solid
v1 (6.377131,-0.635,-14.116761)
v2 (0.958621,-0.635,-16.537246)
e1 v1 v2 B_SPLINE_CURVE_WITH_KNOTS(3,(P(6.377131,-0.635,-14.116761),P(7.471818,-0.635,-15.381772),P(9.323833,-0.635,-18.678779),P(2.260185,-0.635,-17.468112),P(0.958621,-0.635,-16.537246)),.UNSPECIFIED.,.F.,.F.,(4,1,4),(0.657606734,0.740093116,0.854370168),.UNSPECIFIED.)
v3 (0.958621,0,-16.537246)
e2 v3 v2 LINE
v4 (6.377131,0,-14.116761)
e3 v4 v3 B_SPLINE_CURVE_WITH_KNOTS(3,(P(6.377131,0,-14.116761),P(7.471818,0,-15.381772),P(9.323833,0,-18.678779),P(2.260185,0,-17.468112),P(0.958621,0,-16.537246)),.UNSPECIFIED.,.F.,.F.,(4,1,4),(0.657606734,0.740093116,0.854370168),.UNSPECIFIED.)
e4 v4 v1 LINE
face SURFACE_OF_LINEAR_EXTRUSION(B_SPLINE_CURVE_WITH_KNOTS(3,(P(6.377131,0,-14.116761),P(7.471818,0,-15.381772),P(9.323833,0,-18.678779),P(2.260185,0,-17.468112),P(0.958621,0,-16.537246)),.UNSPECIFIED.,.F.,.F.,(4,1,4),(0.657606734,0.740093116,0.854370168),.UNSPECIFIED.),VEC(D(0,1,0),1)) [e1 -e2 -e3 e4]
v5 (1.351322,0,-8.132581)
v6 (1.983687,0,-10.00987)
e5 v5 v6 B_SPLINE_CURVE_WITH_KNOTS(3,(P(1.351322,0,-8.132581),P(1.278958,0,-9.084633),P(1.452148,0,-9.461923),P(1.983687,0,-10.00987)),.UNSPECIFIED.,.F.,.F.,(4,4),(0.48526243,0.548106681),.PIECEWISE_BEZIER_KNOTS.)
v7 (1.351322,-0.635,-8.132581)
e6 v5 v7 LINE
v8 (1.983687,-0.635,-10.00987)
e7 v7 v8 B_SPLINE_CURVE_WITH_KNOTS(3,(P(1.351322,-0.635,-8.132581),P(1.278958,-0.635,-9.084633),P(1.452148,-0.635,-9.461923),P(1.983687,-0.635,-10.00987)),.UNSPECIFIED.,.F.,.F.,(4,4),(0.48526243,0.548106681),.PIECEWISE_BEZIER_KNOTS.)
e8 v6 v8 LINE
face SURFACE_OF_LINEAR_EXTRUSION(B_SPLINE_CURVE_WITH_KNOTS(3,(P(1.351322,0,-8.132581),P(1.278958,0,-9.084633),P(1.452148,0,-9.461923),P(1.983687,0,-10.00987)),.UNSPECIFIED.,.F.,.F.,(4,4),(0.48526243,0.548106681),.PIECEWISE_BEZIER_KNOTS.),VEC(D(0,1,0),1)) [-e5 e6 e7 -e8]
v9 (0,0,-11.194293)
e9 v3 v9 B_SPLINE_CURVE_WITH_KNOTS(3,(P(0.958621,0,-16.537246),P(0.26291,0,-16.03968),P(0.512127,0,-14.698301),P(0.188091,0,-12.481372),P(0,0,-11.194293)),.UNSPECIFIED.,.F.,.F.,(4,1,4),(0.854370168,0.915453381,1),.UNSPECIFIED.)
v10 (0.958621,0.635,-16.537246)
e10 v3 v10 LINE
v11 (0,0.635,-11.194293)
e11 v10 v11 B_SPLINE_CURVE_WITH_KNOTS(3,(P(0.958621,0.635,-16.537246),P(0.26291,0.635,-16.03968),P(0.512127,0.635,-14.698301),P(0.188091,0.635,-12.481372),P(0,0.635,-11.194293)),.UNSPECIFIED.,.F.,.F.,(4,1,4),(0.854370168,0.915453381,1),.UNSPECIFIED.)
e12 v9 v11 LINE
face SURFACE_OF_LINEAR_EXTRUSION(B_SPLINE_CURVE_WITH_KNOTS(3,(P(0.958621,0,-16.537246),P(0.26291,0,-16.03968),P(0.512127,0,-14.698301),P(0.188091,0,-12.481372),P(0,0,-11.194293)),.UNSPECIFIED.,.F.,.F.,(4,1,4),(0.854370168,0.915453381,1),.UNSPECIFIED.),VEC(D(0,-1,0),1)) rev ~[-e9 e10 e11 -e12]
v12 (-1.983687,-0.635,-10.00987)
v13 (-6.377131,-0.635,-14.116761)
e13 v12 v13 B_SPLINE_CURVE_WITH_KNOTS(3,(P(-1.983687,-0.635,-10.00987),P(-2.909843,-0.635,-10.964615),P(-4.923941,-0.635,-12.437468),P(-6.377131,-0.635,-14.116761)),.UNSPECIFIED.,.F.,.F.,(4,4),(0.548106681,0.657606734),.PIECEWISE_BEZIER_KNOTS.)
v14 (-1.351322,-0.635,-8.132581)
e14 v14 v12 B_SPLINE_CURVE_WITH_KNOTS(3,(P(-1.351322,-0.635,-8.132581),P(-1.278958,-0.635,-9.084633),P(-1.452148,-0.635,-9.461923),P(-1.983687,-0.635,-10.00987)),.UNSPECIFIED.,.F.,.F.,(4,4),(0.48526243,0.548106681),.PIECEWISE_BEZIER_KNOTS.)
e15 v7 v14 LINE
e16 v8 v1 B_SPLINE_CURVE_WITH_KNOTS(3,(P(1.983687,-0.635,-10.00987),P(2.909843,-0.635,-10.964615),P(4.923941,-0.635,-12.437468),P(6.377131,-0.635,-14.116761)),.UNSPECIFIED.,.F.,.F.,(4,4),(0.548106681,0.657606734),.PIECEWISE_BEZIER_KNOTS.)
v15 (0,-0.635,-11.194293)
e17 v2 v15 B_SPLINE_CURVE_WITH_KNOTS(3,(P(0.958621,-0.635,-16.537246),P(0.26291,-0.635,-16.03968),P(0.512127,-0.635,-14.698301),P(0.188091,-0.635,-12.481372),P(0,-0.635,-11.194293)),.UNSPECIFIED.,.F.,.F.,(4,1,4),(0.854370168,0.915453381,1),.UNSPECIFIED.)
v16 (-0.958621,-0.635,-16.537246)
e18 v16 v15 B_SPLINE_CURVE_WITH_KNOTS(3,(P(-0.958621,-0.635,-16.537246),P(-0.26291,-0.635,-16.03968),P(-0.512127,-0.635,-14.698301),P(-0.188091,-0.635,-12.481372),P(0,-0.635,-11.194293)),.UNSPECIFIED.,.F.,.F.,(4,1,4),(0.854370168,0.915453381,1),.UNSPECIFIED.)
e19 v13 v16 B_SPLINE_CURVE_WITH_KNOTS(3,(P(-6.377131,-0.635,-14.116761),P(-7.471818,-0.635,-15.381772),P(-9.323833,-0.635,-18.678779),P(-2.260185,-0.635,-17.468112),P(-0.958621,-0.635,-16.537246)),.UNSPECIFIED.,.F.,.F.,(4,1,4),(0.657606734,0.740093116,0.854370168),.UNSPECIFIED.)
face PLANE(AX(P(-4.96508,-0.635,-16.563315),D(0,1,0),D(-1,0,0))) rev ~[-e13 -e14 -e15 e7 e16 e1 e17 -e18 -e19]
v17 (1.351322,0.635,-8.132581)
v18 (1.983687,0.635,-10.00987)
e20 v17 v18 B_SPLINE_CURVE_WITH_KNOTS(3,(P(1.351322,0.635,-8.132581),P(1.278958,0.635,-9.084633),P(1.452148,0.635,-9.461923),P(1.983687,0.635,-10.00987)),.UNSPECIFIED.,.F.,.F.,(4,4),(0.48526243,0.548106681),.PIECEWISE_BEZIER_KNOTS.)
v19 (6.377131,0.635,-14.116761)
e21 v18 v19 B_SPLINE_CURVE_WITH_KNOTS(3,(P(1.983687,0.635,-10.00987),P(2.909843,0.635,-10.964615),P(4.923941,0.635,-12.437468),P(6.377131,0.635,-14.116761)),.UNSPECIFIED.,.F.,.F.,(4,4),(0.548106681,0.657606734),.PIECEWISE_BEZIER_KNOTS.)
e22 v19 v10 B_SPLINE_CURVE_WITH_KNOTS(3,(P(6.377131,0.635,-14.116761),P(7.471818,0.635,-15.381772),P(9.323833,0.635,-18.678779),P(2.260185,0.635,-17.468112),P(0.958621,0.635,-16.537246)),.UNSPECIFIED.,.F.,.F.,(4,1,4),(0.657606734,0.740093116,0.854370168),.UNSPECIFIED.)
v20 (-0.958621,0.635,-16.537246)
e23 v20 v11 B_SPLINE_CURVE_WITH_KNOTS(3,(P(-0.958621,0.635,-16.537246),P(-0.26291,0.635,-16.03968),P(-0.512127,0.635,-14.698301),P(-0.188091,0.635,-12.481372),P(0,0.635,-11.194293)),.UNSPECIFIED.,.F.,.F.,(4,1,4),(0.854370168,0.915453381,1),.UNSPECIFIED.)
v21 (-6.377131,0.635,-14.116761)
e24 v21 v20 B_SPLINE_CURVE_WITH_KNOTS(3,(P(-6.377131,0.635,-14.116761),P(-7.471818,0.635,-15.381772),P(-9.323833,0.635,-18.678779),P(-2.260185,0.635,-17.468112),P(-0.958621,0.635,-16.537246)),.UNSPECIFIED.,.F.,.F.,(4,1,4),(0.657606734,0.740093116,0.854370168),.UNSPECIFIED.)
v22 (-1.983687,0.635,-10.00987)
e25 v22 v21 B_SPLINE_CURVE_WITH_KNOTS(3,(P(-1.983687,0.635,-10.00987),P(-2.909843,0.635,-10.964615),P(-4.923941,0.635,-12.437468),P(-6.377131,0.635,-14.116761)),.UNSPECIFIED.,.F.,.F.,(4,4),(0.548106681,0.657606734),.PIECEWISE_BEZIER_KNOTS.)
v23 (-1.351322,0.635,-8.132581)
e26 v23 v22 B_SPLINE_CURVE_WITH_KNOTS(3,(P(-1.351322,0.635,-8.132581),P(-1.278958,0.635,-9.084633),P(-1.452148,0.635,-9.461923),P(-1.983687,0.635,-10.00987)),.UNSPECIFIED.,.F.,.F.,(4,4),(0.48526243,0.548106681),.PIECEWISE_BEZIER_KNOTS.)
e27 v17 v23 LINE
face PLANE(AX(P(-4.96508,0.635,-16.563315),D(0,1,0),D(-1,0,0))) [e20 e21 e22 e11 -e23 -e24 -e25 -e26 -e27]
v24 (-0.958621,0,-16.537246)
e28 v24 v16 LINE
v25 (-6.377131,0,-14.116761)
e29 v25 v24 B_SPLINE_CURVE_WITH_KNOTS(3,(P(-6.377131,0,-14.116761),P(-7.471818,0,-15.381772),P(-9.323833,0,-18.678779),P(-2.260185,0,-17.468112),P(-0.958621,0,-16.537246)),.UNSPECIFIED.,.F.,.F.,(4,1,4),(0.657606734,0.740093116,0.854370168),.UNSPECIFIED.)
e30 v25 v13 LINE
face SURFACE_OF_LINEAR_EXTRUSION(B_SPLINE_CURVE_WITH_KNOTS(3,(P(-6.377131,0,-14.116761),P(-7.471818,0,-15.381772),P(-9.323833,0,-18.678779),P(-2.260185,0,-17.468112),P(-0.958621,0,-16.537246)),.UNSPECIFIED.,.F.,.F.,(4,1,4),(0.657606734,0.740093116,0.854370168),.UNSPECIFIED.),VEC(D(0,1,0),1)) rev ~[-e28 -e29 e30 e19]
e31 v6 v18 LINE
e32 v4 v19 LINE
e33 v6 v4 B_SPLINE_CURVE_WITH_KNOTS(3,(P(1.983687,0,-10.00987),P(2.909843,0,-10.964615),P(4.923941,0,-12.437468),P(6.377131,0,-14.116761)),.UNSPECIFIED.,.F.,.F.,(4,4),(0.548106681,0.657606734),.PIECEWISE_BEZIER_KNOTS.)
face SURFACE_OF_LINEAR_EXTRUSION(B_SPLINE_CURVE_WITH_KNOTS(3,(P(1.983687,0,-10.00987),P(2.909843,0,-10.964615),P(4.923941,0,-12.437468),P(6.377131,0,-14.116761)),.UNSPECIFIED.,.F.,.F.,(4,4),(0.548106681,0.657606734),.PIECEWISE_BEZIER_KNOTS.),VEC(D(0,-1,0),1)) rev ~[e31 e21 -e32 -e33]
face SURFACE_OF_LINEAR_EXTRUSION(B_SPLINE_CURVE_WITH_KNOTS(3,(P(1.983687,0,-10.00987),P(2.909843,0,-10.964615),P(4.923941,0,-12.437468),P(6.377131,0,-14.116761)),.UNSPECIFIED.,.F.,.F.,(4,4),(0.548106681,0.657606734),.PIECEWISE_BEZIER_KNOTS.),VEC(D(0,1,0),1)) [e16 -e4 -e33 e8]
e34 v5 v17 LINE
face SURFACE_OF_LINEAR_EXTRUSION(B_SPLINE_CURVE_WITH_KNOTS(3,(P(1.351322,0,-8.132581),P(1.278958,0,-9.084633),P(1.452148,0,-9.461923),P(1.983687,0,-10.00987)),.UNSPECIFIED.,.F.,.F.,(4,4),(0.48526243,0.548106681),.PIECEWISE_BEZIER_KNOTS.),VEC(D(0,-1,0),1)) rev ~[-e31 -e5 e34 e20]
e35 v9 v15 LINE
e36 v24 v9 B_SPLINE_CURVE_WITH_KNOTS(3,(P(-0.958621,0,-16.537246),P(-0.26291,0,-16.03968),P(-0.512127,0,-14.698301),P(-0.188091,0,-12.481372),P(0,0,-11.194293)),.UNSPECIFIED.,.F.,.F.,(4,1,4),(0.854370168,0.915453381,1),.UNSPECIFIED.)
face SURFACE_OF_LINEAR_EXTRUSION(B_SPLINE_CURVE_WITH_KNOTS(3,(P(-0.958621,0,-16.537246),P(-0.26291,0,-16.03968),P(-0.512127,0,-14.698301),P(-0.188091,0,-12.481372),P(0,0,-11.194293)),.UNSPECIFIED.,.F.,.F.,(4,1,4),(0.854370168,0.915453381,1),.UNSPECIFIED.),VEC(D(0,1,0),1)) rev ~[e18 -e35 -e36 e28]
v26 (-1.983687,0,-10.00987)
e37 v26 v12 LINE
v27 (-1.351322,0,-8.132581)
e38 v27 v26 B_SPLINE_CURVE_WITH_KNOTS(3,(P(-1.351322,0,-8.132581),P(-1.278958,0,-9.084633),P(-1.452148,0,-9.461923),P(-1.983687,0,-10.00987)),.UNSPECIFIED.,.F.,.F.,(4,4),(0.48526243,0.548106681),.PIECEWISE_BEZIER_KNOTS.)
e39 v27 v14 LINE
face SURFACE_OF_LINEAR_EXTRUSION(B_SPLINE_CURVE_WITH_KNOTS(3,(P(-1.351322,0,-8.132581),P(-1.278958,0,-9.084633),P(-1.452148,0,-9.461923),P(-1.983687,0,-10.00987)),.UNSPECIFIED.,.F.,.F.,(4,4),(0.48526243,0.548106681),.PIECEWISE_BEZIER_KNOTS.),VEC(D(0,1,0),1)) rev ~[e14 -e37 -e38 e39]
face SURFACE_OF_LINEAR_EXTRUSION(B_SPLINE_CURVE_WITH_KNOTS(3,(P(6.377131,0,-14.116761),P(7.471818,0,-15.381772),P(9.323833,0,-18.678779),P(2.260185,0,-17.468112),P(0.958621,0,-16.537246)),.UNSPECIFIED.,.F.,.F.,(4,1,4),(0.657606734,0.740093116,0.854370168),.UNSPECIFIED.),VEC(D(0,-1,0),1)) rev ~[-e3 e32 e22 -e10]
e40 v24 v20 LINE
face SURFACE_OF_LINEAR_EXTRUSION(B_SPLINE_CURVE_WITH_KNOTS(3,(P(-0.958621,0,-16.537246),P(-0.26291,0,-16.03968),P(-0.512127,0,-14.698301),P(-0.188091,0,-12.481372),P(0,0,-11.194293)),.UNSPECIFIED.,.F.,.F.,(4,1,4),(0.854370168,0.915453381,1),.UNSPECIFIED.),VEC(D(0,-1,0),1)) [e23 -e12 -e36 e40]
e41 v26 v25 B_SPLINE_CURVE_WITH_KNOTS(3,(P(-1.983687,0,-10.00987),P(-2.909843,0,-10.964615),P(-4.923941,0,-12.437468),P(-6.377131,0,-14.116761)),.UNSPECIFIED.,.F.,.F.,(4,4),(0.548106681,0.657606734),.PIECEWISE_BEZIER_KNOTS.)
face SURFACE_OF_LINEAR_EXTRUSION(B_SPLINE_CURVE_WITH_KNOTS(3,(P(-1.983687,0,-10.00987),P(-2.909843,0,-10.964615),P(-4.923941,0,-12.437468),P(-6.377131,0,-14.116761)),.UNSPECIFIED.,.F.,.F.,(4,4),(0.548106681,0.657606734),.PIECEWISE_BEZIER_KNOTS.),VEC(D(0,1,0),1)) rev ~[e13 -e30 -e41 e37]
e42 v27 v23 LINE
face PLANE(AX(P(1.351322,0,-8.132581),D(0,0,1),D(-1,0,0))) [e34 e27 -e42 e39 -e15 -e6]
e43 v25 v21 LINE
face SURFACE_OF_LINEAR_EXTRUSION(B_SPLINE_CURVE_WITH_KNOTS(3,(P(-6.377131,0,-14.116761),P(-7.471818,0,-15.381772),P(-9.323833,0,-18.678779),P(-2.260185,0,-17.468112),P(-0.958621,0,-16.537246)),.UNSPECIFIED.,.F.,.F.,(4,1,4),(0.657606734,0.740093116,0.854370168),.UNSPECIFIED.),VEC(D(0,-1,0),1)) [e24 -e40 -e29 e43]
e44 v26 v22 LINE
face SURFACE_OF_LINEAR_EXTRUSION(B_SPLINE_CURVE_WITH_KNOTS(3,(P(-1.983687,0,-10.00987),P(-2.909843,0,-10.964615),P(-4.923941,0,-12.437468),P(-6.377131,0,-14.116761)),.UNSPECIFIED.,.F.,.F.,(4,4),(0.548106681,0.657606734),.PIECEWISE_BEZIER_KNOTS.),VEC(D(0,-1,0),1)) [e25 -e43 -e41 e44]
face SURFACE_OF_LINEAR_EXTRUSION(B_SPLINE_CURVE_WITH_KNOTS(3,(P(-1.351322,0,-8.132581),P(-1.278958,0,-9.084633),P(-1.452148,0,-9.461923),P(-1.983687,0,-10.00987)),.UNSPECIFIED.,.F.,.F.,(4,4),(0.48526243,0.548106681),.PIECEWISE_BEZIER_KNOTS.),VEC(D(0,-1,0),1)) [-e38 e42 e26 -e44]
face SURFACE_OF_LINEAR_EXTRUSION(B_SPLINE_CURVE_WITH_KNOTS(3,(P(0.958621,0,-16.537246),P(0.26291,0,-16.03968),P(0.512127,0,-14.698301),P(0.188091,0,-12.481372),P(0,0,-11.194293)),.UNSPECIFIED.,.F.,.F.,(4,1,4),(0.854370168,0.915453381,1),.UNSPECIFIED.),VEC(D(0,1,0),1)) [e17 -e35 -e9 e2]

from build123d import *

# Parameters (mm, degrees)
F1_DEPTH      = 0.635
F1_DEPTH_BACK = 0.635


with BuildPart() as f1:
    # F0 (on Front) → F1 (new body, two sides)
    with BuildSketch(Plane.XZ) as f1_sk:
        with BuildLine():
            add(Edge.make_bspline(
                [(-6.3771307468, -14.1167607618), (-6.617399322, -15.0762999554), (-7.2185898962, -17.4772206472), (-3.3069535494, -16.8898635702), (-0.9586205706, -16.5372457815)],
                knots=[0, 0, 0, 0, 0.3996545462, 1, 1, 1, 1], degree=3))
            add(Edge.make_bspline(
                [(-6.3771307468, -14.1167607618), (-7.4718183739, -15.3817720297), (-9.3238332028, -18.6787786385), (-2.2601852255, -17.4681122254), (-0.9586205706, -16.5372457815)],
                knots=[0.6576067341, 0.6576067341, 0.6576067341, 0.6576067341, 0.7400931164, 0.8543701677, 0.8543701677, 0.8543701677, 0.8543701677], degree=3))
        make_face()
        with BuildLine():
            Line((0, -10.0098703516), (-1.9836870488, -10.0098703516))
            add(Edge.make_bspline(
                [(-1.9836870488, -10.0098703516), (-2.9098434501, -10.9646150261), (-4.9239411483, -12.43746781), (-6.3771307468, -14.1167607618)],
                knots=[0.5481066814, 0.5481066814, 0.5481066814, 0.5481066814, 0.6576067341, 0.6576067341, 0.6576067341, 0.6576067341], degree=3))
            add(Edge.make_bspline(
                [(-6.3771307468, -14.1167607618), (-6.617399322, -15.0762999554), (-7.2185898962, -17.4772206472), (-3.3069535494, -16.8898635702), (-0.9586205706, -16.5372457815)],
                knots=[0, 0, 0, 0, 0.3996545462, 1, 1, 1, 1], degree=3))
            add(Edge.make_bspline(
                [(-0.9586205706, -16.5372457815), (-0.2629100029, -16.039680317), (-0.5121268303, -14.6983006629), (-0.188091169, -12.4813717857), (0, -11.1942928744)],
                knots=[0.8543701677, 0.8543701677, 0.8543701677, 0.8543701677, 0.9154533815, 1, 1, 1, 1], degree=3))
            Line((0, -11.1942928744), (0, -10.0098703516))
        make_face()
        with BuildLine():
            Line((0, -8.1325810862), (-1.3513215818, -8.1325810862))
            add(Edge.make_bspline(
                [(-1.3513215818, -8.1325810862), (-1.278958424, -9.0846330536), (-1.452147523, -9.4619234488), (-1.9836870488, -10.0098703516)],
                knots=[0.4852624296, 0.4852624296, 0.4852624296, 0.4852624296, 0.5481066814, 0.5481066814, 0.5481066814, 0.5481066814], degree=3))
            Line((-1.9836870488, -10.0098703516), (0, -10.0098703516))
            Line((0, -10.0098703516), (0, -8.1325810862))
        make_face()
        with BuildLine():
            add(Edge.make_bspline(
                [(1.9836870488, -10.0098703516), (2.9098434501, -10.9646150261), (4.9239411483, -12.43746781), (6.3771307468, -14.1167607618)],
                knots=[0.5481066814, 0.5481066814, 0.5481066814, 0.5481066814, 0.6576067341, 0.6576067341, 0.6576067341, 0.6576067341], degree=3))
            Line((1.9836870488, -10.0098703516), (0, -10.0098703516))
            Line((0, -10.0098703516), (0, -11.1942928744))
            add(Edge.make_bspline(
                [(0.9586205706, -16.5372457815), (0.2629100029, -16.039680317), (0.5121268303, -14.6983006629), (0.188091169, -12.4813717857), (0, -11.1942928744)],
                knots=[0.8543701677, 0.8543701677, 0.8543701677, 0.8543701677, 0.9154533815, 1, 1, 1, 1], degree=3))
            add(Edge.make_bspline(
                [(6.3771307468, -14.1167607618), (6.617399322, -15.0762999554), (7.2185898962, -17.4772206472), (3.3069535494, -16.8898635702), (0.9586205706, -16.5372457815)],
                knots=[0, 0, 0, 0, 0.3996545462, 1, 1, 1, 1], degree=3))
        make_face()
        with BuildLine():
            add(Edge.make_bspline(
                [(1.3513215818, -8.1325810862), (1.278958424, -9.0846330536), (1.452147523, -9.4619234488), (1.9836870488, -10.0098703516)],
                knots=[0.4852624296, 0.4852624296, 0.4852624296, 0.4852624296, 0.5481066814, 0.5481066814, 0.5481066814, 0.5481066814], degree=3))
            Line((1.3513215818, -8.1325810862), (0, -8.1325810862))
            Line((0, -8.1325810862), (0, -10.0098703516))
            Line((0, -10.0098703516), (1.9836870488, -10.0098703516))
        make_face()
        with BuildLine():
            add(Edge.make_bspline(
                [(6.3771307468, -14.1167607618), (7.4718183739, -15.3817720297), (9.3238332028, -18.6787786385), (2.2601852255, -17.4681122254), (0.9586205706, -16.5372457815)],
                knots=[0.6576067341, 0.6576067341, 0.6576067341, 0.6576067341, 0.7400931164, 0.8543701677, 0.8543701677, 0.8543701677, 0.8543701677], degree=3))
            add(Edge.make_bspline(
                [(6.3771307468, -14.1167607618), (6.617399322, -15.0762999554), (7.2185898962, -17.4772206472), (3.3069535494, -16.8898635702), (0.9586205706, -16.5372457815)],
                knots=[0, 0, 0, 0, 0.3996545462, 1, 1, 1, 1], degree=3))
        make_face()
    extrude(amount=F1_DEPTH)
    extrude(f1_sk.sketch, amount=-F1_DEPTH_BACK)


solid = f1.part
